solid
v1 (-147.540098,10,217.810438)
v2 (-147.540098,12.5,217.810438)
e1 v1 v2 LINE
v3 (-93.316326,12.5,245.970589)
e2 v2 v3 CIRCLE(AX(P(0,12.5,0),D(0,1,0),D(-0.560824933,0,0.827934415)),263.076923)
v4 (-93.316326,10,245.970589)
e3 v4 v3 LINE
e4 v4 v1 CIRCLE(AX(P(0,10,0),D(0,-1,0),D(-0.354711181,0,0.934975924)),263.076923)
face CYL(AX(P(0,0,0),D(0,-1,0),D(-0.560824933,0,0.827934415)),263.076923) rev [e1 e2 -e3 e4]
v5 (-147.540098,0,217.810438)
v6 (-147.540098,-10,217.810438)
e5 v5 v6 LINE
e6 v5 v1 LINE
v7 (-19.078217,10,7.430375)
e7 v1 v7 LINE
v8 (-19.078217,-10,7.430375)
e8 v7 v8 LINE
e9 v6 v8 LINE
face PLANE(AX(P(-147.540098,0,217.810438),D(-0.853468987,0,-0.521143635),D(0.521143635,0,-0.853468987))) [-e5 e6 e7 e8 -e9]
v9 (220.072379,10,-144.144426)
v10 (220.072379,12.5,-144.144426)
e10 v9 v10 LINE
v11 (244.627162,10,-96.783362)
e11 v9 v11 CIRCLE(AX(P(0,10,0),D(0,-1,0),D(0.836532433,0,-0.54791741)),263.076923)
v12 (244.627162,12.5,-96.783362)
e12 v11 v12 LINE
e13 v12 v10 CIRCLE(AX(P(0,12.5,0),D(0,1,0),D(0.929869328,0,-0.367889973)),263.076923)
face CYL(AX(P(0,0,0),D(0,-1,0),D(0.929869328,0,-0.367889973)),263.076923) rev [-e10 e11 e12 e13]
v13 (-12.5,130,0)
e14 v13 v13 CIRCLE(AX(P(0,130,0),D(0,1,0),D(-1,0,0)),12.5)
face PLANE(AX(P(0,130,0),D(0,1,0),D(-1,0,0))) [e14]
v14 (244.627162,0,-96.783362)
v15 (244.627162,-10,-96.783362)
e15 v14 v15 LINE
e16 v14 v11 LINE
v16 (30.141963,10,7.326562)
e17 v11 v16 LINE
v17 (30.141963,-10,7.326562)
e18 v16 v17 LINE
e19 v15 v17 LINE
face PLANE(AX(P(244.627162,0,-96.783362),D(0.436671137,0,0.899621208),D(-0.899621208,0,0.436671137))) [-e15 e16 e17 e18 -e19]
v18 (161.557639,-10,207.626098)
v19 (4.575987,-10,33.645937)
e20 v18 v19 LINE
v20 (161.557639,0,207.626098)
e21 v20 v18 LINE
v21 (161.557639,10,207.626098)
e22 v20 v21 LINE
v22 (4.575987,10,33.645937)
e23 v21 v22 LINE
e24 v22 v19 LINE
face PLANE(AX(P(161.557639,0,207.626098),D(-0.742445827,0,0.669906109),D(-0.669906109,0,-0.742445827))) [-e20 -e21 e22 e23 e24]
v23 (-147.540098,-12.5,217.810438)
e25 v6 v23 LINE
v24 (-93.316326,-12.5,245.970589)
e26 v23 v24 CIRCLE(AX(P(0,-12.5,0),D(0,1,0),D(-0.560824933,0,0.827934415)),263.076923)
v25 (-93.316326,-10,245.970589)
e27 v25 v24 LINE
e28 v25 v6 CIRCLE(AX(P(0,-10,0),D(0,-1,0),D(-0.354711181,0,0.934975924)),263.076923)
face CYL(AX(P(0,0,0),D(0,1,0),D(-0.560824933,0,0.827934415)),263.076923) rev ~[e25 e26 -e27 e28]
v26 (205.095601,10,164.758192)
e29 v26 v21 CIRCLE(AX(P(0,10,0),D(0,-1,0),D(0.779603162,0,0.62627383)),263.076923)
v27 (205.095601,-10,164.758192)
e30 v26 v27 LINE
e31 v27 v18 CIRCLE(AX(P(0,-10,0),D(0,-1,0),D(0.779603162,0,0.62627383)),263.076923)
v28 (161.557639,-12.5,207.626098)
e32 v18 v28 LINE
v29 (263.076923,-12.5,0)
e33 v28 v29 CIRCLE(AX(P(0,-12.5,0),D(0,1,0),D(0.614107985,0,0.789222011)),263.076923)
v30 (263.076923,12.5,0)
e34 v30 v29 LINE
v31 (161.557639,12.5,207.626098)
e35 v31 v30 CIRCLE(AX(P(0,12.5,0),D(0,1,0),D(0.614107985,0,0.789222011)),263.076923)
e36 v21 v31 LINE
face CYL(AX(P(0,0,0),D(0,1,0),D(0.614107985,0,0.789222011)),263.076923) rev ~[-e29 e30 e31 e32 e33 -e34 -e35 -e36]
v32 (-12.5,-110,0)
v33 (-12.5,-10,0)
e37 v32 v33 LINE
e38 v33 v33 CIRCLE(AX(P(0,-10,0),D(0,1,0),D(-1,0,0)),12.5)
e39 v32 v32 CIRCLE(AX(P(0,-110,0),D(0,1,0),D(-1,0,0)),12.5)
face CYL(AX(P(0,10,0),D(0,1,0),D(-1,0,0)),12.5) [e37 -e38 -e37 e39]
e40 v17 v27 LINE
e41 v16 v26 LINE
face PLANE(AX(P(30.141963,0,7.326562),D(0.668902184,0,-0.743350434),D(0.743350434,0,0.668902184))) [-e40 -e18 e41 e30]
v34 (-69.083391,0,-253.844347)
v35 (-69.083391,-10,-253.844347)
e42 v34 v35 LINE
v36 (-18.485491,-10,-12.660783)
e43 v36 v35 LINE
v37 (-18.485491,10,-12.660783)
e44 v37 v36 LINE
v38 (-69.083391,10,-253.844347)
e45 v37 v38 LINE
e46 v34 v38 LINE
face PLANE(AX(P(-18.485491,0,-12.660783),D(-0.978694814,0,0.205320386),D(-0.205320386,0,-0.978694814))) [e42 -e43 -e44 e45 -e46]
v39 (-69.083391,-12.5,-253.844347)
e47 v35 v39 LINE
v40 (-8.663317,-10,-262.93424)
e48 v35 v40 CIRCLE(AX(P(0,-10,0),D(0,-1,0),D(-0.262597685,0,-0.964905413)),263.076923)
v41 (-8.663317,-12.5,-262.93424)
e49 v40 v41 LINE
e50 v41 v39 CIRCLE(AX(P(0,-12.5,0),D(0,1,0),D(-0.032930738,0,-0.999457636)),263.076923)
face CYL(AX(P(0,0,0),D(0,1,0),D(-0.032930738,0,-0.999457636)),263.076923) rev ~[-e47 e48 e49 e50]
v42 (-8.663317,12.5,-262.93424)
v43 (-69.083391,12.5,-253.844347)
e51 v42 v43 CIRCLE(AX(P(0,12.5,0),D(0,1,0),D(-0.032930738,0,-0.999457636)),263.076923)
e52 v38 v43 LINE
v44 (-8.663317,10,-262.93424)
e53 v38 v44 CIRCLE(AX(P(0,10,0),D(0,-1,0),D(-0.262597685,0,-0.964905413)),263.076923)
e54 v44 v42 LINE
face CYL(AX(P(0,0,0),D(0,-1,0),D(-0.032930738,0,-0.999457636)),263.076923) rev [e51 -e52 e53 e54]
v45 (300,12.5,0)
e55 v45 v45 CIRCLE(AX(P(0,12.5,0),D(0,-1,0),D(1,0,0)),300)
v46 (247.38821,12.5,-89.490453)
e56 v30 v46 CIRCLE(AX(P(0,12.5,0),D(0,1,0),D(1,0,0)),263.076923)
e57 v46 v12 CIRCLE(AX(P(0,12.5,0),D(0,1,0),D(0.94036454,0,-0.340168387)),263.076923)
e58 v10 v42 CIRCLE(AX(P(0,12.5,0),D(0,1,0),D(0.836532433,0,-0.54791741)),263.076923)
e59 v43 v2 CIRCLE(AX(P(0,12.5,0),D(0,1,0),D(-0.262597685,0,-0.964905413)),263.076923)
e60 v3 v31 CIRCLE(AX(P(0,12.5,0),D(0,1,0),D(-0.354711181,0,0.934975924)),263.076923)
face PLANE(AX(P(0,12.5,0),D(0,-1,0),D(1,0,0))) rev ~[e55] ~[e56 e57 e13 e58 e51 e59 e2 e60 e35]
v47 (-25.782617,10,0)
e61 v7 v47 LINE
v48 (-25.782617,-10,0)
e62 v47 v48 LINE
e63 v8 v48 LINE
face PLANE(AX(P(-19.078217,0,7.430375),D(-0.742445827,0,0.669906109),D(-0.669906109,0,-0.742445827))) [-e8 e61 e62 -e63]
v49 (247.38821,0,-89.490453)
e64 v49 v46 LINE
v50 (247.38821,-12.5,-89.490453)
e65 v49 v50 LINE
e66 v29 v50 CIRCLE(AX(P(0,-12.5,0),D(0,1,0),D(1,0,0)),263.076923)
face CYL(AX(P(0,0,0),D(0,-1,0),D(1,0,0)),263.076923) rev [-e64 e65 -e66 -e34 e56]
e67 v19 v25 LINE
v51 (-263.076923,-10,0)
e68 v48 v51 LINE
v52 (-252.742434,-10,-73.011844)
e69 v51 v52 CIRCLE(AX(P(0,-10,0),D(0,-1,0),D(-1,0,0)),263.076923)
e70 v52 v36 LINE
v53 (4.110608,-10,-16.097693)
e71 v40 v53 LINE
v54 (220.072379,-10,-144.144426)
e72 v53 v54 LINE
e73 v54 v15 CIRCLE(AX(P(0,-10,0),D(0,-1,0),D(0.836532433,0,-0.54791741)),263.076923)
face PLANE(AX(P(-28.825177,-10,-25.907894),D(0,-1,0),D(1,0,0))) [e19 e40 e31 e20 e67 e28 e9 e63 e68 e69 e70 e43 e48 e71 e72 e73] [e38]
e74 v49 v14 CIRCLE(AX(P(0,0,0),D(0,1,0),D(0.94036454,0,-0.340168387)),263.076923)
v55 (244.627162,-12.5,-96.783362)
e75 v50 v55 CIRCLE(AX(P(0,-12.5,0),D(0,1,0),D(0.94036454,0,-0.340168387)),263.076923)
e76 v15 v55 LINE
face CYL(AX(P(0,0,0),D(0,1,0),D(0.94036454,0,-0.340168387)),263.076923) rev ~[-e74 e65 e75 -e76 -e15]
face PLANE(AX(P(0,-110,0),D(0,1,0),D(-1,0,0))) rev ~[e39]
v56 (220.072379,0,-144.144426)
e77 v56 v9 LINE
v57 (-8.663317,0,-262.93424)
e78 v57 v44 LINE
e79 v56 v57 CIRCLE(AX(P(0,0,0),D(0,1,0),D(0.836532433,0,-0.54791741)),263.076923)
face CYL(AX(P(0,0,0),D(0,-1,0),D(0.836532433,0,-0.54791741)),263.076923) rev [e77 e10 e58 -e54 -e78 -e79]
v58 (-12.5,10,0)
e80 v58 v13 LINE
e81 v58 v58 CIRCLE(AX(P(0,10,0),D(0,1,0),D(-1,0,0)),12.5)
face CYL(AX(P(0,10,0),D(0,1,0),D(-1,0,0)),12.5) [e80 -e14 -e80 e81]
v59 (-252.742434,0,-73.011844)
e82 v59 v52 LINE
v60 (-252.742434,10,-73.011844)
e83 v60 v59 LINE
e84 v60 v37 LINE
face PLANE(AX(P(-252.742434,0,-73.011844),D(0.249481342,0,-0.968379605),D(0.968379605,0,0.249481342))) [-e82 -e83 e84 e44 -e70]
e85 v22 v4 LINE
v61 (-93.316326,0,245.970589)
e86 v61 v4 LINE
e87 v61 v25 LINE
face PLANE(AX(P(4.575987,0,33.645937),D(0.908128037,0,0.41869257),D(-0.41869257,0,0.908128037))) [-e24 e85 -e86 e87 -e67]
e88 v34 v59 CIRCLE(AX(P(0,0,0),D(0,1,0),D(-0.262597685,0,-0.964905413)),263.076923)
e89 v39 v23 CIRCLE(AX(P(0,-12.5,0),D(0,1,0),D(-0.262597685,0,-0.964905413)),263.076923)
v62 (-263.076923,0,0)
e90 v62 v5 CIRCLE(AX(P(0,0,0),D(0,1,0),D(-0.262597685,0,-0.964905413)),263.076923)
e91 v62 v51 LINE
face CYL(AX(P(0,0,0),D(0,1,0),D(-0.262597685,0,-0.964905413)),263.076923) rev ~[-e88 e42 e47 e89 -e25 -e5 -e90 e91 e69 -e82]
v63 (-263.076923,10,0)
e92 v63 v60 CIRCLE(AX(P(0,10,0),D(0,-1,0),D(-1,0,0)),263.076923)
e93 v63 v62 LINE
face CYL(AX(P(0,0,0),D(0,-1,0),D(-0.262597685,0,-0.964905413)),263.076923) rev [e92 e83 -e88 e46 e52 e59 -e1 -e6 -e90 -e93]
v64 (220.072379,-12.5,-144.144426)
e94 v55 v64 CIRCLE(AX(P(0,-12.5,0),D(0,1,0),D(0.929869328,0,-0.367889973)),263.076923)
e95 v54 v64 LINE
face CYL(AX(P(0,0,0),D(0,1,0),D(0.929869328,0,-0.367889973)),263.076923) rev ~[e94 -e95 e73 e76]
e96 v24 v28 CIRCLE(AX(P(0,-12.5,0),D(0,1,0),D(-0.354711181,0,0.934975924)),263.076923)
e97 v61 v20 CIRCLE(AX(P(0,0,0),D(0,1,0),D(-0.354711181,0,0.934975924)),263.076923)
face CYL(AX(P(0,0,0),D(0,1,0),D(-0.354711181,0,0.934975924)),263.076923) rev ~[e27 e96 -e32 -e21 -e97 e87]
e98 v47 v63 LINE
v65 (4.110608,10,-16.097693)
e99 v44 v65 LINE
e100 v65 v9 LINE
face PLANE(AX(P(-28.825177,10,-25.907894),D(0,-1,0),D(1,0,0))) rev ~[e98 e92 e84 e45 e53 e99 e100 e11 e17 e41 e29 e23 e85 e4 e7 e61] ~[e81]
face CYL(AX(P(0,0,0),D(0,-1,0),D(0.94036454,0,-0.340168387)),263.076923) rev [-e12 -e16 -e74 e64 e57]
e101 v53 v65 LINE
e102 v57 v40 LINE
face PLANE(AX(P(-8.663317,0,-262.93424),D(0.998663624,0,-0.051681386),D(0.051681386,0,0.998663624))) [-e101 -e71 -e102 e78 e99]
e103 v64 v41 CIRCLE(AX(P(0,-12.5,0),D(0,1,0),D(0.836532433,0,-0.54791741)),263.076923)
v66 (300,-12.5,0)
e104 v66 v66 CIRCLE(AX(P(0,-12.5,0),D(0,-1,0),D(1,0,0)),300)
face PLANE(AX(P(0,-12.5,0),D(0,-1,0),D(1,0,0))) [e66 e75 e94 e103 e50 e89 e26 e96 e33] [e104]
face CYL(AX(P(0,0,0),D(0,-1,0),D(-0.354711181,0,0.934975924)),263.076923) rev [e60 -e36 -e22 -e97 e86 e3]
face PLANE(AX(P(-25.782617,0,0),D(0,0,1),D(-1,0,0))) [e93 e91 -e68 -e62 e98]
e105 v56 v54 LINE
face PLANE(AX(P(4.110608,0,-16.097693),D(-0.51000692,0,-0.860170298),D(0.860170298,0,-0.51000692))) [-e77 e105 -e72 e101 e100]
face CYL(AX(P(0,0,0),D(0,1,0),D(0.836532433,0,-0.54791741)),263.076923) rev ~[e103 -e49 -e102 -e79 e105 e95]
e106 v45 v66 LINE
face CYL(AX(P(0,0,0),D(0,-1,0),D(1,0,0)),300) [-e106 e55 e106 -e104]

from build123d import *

# Parameters (mm, degrees)
F0_R     = 300
F1_DEPTH = 12.5
F2_DEPTH = 10
F3_R     = 12.5
F4_DEPTH = 120


with BuildPart() as f1:
    # F0 (on Front) → F1 (new body, symmetric)
    with BuildSketch(Plane.XZ):
        Circle(F0_R)
        with BuildLine():
            ThreePointArc((205.0956009639, 164.7581922724), (248.1586056274, 87.3314027639), (263.0769230769, 0))
            ThreePointArc((263.0769230769, 0), (259.1250629437, -45.4276260667), (247.3882097841, -89.4904526497))
            Line((247.3882097841, -89.4904526497), (253.5845122853, -126.7404960598))
            Line((253.5845122853, -126.7404960598), (220.0723785431, -144.1444263855))
            ThreePointArc((220.0723785431, -144.1444263855), (121.2485164836, -233.4700509833), (-8.6633171075, -262.9342396728))
            Line((-8.6633171075, -262.9342396728), (-42.1754508497, -280.3381699985))
            Line((-42.1754508497, -280.3381699985), (-69.0833910393, -253.8443470675))
            ThreePointArc((-69.0833910393, -253.8443470675), (-184.5753612112, -187.4604051243), (-252.7424342118, -73.0118442742))
            Line((-252.7424342118, -73.0118442742), (-279.6503744013, -46.5180213432))
            Line((-279.6503744013, -46.5180213432), (-263.0769230769, 0))
            ThreePointArc((-263.0769230769, 0), (-232.4046711792, 123.2782879087), (-147.5400976348, 217.8104383301))
            Line((-147.5400976348, 217.8104383301), (-130.6579854969, 251.588451719))
            Line((-130.6579854969, 251.588451719), (-93.3163262043, 245.9705891349))
            ThreePointArc((-93.3163262043, 245.9705891349), (39.138142442, 260.1493287745), (161.55763917, 207.6260982667))
            Line((161.55763917, 207.6260982667), (198.8992984626, 202.0082356825))
            Line((198.8992984626, 202.0082356825), (205.0956009639, 164.7581922724))
        make_face(mode=Mode.SUBTRACT)
        with BuildLine():
            ThreePointArc((-147.5400976348, 217.8104383301), (-121.2485164836, 233.4700509833), (-93.3163262043, 245.9705891349))
            Line((-93.3163262043, 245.9705891349), (-130.6579854969, 251.588451719))
            Line((-130.6579854969, 251.588451719), (-147.5400976348, 217.8104383301))
        make_face()
        with BuildLine():
            ThreePointArc((-252.7424342118, -73.0118442742), (-260.4804881167, -36.8698083275), (-263.0769230769, 0))
            Line((-263.0769230769, 0), (-279.6503744013, -46.5180213432))
            Line((-279.6503744013, -46.5180213432), (-252.7424342118, -73.0118442742))
        make_face()
        with BuildLine():
            Line((-42.1754508497, -280.3381699985), (-8.6633171075, -262.9342396728))
            ThreePointArc((-8.6633171075, -262.9342396728), (-39.138142442, -260.1493287745), (-69.0833910393, -253.8443470675))
            Line((-69.0833910393, -253.8443470675), (-42.1754508497, -280.3381699985))
        make_face()
        with BuildLine():
            Line((253.5845122853, -126.7404960598), (247.3882097841, -89.4904526497))
            ThreePointArc((247.3882097841, -89.4904526497), (246.0347091348, -93.1471382093), (244.6271617936, -96.7833620434))
            ThreePointArc((244.6271617936, -96.7833620434), (233.553384264, -121.0879191102), (220.0723785431, -144.1444263855))
            Line((220.0723785431, -144.1444263855), (253.5845122853, -126.7404960598))
        make_face()
        with BuildLine():
            ThreePointArc((161.55763917, 207.6260982667), (184.5753612112, 187.4604051243), (205.0956009639, 164.7581922724))
            Line((205.0956009639, 164.7581922724), (198.8992984626, 202.0082356825))
            Line((198.8992984626, 202.0082356825), (161.55763917, 207.6260982667))
        make_face()
    extrude(amount=F1_DEPTH, both=True)

    # F0 (on Front) → F2 (join, symmetric)
    with BuildSketch(Plane.XZ):
        with BuildLine():
            Line((244.6271617936, -96.7833620434), (30.1419629049, 7.3265620085))
            Line((30.1419629049, 7.3265620085), (12.8380831788, 15.7257691026))
            Line((12.8380831788, 15.7257691026), (4.5759868907, 33.6459373179))
            Line((4.5759868907, 33.6459373179), (-93.3163262043, 245.9705891349))
            ThreePointArc((-93.3163262043, 245.9705891349), (-121.2485164836, 233.4700509833), (-147.5400976348, 217.8104383301))
            Line((-147.5400976348, 217.8104383301), (-19.0782173139, 7.4303752131))
            Line((-19.0782173139, 7.4303752131), (-25.7826172389, 0))
            Line((-25.7826172389, 0), (-263.0769230769, 0))
            ThreePointArc((-263.0769230769, 0), (-260.4804881167, -36.8698083275), (-252.7424342118, -73.0118442742))
            Line((-252.7424342118, -73.0118442742), (-18.4854909648, -12.6607832838))
            Line((-18.4854909649, -12.6607832838), (-69.0833910393, -253.8443470675))
            ThreePointArc((-69.0833910393, -253.8443470675), (-39.138142442, -260.1493287745), (-8.6633171075, -262.9342396728))
            Line((-8.6633171075, -262.9342396728), (4.1106084022, -16.0976926844))
            Line((4.1106084022, -16.0976926844), (220.0723785431, -144.1444263855))
            ThreePointArc((220.0723785431, -144.1444263855), (233.553384264, -121.0879191102), (244.6271617936, -96.7833620434))
        make_face()
        with BuildLine():
            Line((30.1419629049, 7.3265620085), (205.0956009639, 164.7581922724))
            ThreePointArc((205.0956009639, 164.7581922724), (184.5753612112, 187.4604051243), (161.55763917, 207.6260982667))
            Line((161.55763917, 207.6260982667), (4.5759868907, 33.6459373179))
            Line((4.5759868907, 33.6459373179), (12.8380831788, 15.7257691026))
            Line((12.8380831788, 15.7257691026), (30.1419629049, 7.3265620085))
        make_face()
    extrude(amount=F2_DEPTH, both=True)

    # F3 (on face) → F4 (join, symmetric)
    with BuildSketch(Plane(origin=(0, 10, 0), x_dir=(-1, 0, 0), z_dir=(0, 1, 0))):
        Circle(F3_R)
    extrude(amount=F4_DEPTH, both=True)


solid = f1.part
